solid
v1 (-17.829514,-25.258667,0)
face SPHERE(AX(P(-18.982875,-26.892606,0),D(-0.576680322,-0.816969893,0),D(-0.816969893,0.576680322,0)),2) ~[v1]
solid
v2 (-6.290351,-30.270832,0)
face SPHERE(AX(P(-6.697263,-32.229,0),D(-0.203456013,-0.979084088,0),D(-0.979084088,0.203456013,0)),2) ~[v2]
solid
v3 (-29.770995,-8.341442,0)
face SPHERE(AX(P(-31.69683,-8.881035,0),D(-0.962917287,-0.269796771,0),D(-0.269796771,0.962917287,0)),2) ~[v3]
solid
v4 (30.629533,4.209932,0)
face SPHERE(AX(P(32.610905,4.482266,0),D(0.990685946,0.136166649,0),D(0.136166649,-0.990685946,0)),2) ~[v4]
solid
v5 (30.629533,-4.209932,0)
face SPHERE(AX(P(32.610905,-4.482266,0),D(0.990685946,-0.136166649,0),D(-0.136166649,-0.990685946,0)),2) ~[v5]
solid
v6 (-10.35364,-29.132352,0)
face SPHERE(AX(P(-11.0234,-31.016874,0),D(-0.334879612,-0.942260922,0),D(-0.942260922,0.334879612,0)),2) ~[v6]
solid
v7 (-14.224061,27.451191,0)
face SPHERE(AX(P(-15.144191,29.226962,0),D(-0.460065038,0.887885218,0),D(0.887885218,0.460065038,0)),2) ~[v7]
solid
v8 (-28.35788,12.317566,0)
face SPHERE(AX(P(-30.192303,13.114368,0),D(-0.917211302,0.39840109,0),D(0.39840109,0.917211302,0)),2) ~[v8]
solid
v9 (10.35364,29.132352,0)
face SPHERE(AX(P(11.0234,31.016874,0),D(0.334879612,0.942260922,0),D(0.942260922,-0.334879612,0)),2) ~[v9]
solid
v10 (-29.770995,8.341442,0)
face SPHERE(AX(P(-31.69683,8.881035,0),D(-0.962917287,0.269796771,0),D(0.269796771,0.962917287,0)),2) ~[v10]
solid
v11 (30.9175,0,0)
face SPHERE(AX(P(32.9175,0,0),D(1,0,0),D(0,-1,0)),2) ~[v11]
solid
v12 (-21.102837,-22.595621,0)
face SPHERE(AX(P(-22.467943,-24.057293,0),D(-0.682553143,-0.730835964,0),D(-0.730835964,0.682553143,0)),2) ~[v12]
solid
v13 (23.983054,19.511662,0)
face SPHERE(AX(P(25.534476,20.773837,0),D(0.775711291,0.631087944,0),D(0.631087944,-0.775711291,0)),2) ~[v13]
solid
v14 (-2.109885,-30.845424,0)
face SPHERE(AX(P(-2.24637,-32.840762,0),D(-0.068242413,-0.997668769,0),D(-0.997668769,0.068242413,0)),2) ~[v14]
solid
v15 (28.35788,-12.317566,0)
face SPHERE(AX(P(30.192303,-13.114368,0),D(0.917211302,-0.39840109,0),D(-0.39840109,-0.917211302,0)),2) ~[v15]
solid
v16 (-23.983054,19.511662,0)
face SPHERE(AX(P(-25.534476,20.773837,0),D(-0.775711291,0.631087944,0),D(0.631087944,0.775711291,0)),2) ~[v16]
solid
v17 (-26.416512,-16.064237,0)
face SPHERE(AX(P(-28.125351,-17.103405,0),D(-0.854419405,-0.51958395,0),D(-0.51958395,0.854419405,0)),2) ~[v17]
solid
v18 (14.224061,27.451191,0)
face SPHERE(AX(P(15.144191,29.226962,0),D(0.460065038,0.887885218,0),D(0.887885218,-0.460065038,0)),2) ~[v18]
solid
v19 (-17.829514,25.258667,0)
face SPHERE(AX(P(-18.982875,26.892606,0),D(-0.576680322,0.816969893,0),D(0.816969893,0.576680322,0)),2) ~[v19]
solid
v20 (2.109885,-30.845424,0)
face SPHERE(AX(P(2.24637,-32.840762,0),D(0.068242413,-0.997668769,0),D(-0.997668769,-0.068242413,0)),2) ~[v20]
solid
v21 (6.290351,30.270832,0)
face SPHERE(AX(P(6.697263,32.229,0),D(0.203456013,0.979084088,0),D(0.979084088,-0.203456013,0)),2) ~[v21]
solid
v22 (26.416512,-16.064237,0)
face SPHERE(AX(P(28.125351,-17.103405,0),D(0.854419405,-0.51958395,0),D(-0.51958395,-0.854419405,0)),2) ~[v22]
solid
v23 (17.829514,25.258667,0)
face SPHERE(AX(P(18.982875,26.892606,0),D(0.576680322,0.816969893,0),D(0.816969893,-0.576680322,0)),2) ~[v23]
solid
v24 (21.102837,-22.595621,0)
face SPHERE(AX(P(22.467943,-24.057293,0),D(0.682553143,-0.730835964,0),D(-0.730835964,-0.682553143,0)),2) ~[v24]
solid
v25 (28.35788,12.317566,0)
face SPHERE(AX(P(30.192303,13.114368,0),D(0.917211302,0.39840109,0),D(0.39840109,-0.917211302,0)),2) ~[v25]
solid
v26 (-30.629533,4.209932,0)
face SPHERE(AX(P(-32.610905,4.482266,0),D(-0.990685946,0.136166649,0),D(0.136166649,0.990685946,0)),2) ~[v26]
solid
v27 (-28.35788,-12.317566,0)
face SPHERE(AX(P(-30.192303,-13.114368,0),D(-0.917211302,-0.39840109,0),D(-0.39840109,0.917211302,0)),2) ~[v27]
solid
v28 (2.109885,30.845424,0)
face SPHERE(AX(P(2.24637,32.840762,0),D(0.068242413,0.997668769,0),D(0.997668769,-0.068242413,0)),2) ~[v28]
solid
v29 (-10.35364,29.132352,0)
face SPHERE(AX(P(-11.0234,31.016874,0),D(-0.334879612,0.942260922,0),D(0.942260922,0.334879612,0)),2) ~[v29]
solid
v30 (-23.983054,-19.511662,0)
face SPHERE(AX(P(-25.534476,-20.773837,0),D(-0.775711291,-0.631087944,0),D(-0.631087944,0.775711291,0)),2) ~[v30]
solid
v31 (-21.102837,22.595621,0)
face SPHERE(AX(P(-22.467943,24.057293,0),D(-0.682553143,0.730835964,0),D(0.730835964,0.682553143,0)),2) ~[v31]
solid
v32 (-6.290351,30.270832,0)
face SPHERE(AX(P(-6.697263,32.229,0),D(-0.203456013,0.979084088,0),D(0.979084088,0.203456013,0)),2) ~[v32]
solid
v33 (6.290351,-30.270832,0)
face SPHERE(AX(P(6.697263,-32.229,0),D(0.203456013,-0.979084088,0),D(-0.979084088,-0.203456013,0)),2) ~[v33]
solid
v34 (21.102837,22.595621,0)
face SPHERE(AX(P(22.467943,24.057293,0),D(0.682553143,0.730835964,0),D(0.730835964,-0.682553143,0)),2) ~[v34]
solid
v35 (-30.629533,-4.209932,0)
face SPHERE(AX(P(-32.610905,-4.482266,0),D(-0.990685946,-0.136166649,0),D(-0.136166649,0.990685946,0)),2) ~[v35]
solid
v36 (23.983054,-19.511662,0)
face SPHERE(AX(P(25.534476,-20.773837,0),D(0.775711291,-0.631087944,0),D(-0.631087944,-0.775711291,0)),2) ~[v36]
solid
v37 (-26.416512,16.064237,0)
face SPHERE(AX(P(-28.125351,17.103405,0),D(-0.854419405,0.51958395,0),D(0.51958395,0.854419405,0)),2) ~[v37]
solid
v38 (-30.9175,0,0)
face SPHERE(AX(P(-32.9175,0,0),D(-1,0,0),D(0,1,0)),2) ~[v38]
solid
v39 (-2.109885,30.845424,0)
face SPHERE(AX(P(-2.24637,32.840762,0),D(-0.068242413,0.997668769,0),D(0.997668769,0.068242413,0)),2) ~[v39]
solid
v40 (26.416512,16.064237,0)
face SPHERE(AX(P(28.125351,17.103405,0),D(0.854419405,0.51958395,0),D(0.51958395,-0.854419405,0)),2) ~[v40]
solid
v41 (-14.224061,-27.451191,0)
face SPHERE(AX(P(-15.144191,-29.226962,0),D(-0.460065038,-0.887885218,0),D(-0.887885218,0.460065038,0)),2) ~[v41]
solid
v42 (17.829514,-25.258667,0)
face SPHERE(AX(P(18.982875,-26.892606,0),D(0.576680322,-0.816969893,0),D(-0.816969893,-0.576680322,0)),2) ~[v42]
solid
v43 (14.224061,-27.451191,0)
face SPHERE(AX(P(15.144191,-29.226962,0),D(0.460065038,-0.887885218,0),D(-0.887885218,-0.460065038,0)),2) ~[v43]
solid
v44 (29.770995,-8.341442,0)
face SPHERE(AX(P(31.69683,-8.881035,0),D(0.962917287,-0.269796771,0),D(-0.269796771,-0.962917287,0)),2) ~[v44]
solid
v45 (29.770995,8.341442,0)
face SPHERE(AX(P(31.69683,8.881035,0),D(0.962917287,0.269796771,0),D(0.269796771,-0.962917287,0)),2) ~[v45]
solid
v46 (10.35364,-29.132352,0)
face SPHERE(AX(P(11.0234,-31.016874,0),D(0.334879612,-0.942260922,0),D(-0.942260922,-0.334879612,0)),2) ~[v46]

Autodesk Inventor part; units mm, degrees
ref_plane "YZ Plane" through (0, 0, 0) normal (1, 0, 0) x (0, 1, 0)
ref_plane "XZ Plane" through (0, 0, 0) normal (0, 1, 0) x (-1, 0, 0)
ref_plane "XY Plane" through (0, 0, 0) normal (0, 0, 1) x (1, 0, 0)
sketch "Sketch2" plane through (0, 0, 0) normal (0, 0, 1) x (1, 0, 0)
  circle A0 centre (0, 0) radius 32.9175
  circle A1 centre (-32.9175, 0) radius 2
  line L0 (-34.9175, 0) -> (-30.9175, 0)
  dimension "d3" = 65.835
  dimension "d4" = 4
revolve "Revolution2" add sketch "Sketch2" angle 360 about axis through (-34.9175, 0, 0) along (1, 0, 0) picked at (-32.2647, 0.3678) picked at (-33.5134, 0.5167) contours A1 L0 A0 | A0 L0 A1
pattern_circular "Circular Pattern1" count 46 over 360 about axis through (0, 0, -10) along (0, 0, 1) of "Revolution2"
properties part number "Plataforma_giratória_esfera"
